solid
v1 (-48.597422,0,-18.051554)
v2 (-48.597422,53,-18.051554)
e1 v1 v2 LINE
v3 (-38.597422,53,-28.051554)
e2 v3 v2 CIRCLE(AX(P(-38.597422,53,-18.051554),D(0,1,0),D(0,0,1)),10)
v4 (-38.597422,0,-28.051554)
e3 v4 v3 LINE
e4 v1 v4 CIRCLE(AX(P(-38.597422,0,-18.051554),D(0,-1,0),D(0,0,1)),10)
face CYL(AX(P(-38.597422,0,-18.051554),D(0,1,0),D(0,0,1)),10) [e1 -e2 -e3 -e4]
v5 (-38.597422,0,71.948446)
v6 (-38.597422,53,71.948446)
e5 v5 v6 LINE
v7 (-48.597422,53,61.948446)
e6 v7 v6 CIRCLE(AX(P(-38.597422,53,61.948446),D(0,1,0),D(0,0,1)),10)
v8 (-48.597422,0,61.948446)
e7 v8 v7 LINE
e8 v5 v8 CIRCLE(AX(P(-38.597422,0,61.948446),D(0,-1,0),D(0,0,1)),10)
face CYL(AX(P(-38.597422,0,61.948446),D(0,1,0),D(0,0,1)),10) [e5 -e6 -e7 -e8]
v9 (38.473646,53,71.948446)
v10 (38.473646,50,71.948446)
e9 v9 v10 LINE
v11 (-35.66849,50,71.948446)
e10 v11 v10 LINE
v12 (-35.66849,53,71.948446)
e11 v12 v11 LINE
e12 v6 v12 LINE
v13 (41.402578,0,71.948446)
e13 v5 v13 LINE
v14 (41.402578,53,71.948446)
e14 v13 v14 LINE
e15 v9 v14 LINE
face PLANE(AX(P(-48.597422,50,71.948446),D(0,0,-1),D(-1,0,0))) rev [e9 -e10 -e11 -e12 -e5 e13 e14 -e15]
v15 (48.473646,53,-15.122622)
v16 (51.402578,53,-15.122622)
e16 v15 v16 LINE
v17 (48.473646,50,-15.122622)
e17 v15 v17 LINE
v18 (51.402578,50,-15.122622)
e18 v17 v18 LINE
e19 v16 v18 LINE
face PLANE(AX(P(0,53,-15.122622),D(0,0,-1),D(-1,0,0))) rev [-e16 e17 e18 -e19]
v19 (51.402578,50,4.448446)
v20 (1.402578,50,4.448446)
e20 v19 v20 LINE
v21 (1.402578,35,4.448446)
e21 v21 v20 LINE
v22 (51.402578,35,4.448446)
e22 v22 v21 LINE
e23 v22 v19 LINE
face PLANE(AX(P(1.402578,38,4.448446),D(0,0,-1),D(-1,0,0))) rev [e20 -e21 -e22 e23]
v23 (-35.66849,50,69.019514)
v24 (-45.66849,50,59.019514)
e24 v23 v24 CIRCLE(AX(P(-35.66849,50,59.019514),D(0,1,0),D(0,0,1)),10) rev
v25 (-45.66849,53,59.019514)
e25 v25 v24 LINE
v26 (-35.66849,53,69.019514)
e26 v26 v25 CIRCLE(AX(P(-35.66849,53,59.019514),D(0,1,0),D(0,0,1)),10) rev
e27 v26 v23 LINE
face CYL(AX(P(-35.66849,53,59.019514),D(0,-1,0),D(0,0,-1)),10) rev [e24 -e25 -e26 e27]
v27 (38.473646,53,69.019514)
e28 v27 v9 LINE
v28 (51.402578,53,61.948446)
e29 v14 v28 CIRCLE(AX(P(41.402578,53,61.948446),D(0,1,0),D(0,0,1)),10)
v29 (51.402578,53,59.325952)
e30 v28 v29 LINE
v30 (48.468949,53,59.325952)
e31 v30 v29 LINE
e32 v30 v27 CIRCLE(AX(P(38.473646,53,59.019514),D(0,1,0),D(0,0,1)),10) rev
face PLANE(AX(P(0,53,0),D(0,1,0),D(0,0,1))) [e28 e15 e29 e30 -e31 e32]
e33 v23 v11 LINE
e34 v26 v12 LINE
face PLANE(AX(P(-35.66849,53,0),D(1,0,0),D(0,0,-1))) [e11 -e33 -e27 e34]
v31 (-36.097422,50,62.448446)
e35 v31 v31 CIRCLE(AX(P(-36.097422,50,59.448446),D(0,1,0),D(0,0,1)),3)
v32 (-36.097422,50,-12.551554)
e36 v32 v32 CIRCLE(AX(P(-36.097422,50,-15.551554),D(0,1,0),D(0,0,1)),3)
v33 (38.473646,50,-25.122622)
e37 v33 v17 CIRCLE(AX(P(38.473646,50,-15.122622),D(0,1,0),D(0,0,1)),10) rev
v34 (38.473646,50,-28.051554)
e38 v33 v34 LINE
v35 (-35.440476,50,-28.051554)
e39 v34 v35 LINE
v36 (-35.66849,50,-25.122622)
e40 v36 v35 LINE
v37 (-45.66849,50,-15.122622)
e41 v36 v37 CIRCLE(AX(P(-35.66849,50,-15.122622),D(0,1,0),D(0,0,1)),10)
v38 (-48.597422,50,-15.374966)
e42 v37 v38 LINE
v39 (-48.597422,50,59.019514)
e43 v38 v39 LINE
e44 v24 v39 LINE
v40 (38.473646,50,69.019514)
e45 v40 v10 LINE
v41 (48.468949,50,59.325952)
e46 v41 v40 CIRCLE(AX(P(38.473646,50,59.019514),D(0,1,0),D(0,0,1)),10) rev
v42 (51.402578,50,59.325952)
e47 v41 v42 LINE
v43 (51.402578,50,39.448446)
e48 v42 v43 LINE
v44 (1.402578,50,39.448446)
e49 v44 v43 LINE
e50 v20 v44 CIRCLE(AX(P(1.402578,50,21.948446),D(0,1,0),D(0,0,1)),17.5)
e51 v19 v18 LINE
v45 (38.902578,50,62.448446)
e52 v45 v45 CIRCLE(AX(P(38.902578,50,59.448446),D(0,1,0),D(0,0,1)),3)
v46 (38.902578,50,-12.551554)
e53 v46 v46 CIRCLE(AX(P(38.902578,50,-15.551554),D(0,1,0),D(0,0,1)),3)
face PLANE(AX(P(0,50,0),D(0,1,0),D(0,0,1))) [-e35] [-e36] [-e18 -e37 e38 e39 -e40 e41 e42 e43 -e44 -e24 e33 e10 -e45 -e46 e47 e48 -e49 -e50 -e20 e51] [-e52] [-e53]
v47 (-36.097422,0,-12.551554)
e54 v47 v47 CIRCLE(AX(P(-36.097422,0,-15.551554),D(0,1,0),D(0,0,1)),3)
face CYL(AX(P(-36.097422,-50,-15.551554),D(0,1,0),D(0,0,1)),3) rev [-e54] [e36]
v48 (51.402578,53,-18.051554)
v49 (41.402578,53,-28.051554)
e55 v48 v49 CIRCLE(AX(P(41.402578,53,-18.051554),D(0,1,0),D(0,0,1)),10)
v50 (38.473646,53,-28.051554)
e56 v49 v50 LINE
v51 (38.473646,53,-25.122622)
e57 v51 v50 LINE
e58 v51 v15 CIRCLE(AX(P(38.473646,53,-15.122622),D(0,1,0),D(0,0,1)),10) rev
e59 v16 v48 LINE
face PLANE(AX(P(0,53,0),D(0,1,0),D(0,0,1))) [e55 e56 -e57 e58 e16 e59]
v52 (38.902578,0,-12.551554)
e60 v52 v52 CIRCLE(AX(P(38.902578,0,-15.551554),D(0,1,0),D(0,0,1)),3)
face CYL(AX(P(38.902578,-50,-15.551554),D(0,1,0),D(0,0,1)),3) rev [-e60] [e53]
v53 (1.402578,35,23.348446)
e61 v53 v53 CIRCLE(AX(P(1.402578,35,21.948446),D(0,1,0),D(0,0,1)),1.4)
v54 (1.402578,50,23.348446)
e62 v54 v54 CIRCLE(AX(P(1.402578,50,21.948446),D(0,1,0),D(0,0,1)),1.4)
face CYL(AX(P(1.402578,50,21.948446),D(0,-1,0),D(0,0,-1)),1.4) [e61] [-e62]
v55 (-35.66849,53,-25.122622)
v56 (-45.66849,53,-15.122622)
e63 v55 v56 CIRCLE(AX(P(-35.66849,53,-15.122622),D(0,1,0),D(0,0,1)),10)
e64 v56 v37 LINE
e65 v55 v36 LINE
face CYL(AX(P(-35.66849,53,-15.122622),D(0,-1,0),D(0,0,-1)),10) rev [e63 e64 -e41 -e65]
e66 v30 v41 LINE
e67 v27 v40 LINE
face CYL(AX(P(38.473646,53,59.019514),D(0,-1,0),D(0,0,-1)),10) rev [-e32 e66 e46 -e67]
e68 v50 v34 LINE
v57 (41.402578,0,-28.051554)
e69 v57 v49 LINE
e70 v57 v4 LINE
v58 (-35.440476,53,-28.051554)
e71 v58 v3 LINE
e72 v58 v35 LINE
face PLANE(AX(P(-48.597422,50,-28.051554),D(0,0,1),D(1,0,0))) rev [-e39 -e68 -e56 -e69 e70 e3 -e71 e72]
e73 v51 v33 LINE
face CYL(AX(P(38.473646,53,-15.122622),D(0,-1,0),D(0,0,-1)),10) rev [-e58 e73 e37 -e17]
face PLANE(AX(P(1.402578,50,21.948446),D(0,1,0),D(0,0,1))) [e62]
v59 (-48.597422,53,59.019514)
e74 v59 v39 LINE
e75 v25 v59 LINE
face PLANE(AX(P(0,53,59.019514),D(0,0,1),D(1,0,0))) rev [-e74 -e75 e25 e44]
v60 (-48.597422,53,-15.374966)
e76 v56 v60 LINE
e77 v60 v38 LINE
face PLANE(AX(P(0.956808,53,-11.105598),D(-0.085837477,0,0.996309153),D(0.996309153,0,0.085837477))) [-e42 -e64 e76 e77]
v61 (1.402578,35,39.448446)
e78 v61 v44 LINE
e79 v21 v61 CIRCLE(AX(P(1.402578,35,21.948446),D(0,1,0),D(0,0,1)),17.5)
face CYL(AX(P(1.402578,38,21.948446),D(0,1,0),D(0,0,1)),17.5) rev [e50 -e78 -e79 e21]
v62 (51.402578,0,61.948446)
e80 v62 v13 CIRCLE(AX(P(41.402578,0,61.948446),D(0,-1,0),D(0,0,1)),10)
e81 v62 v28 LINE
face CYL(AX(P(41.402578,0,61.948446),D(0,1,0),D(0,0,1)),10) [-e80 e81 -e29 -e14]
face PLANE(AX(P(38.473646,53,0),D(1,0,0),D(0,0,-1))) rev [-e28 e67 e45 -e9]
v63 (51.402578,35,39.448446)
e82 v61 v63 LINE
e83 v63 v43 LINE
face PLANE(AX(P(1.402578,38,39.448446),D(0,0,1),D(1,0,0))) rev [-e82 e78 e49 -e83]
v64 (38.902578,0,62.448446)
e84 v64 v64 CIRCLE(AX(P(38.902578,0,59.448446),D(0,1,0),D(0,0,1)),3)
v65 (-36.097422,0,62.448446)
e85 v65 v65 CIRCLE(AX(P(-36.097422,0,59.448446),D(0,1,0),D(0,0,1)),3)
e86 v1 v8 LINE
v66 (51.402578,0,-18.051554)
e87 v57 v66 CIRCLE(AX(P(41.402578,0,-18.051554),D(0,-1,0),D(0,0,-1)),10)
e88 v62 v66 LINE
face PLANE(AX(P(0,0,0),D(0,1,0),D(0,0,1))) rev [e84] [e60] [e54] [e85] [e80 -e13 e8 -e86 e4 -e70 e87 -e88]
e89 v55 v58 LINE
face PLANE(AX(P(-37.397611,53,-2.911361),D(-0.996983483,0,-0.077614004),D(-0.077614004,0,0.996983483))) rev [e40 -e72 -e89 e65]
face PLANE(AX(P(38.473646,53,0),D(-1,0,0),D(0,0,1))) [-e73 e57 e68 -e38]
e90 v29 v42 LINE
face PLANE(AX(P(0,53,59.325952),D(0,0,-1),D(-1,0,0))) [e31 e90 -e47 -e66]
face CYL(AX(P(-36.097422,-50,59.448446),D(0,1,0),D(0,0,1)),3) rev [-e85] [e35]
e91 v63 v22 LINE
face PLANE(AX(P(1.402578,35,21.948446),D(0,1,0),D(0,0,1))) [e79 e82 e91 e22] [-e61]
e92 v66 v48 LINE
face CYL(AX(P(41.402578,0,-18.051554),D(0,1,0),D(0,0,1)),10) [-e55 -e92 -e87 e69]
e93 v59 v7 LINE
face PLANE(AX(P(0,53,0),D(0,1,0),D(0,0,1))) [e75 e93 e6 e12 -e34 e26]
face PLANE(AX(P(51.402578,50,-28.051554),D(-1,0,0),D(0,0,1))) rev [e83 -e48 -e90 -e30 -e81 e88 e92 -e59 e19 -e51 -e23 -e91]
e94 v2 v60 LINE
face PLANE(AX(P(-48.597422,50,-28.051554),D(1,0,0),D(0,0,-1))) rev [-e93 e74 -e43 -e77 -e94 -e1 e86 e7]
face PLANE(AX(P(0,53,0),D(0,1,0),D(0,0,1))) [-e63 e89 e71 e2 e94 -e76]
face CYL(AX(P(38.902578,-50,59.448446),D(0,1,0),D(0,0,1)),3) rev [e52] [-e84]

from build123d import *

# Parameters (mm, degrees)
SKETCH1_W           = 100
SKETCH1_H           = 100
BOSS_EXTRUDE1_DEPTH = 50
CUT_EXTRUDE1_DEPTH  = 12
SKETCH4_R           = 3
CUT_EXTRUDE2_DEPTH  = 100
CUT_EXTRUDE3_DEPTH  = 50
BOSS_EXTRUDE4_START = 3
BOSS_EXTRUDE4_DEPTH = 3
CUT_EXTRUDE4_DEPTH  = 15
SKETCH7_R           = 1.4
BOSS_EXTRUDE5_DEPTH = 15


with BuildPart() as part:
    # Sketch1 → Boss-Extrude1 (new body)
    with BuildSketch(Plane(origin=(0, 0, 0), x_dir=(1, 0, 0), z_dir=(0, 1, 0))):
        with Locations((1.40257771, -21.948445792)):
            Rectangle(SKETCH1_W, SKETCH1_H)
    extrude(amount=BOSS_EXTRUDE1_DEPTH)

    # Sketch2 → Cut-Extrude1 (cut)
    with BuildSketch(Plane(origin=(0, 50, 0), x_dir=(1, 0, 0), z_dir=(0, 1, 0))):
        with BuildLine():
            Line((1.40257771, -4.448445792), (51.40257771, -4.448445792))
            ThreePointArc((51.40257771, -4.448445792), (68.90257771, -21.948445792), (51.40257771, -39.448445792))
            Line((51.40257771, -39.448445792), (1.40257771, -39.448445792))
            ThreePointArc((1.40257771, -39.448445792), (-16.09742229, -21.948445792), (1.40257771, -4.448445792))
        make_face()
    extrude(amount=-CUT_EXTRUDE1_DEPTH, mode=Mode.SUBTRACT)

    # Sketch4 → Cut-Extrude2 (cut)
    with BuildSketch(Plane(origin=(0, 50, 0), x_dir=(1, 0, 0), z_dir=(0, 1, 0))):
        with Locations((38.90257771, 15.551554208)):
            Circle(SKETCH4_R)
        with Locations((-36.09742229, 15.551554208)):
            Circle(SKETCH4_R)
        with Locations((-36.09742229, -59.448445792)):
            Circle(SKETCH4_R)
        with Locations((38.90257771, -59.448445792)):
            Circle(SKETCH4_R)
    extrude(amount=-CUT_EXTRUDE2_DEPTH, mode=Mode.SUBTRACT)

    # Sketch5 → Cut-Extrude3 (cut)
    with BuildSketch(Plane(origin=(0, 50, 0), x_dir=(1, 0, 0), z_dir=(0, 1, 0))):
        with BuildLine():
            Line((-48.59742229, -61.948445792), (-48.59742229, -71.948445792))
            Line((-48.59742229, -71.948445792), (-38.59742229, -71.948445792))
            ThreePointArc((-38.59742229, -71.948445792), (-45.668490101, -69.019513604), (-48.59742229, -61.948445792))
        make_face()
        with BuildLine():
            Line((-48.59742229, 28.051554208), (-38.59742229, 28.051554208))
            ThreePointArc((-38.59742229, 28.051554208), (-45.668490101, 25.12262202), (-48.59742229, 18.051554208))
            Line((-48.59742229, 18.051554208), (-48.59742229, 28.051554208))
        make_face()
        with BuildLine():
            Line((51.40257771, 28.051554208), (51.40257771, 18.051554208))
            ThreePointArc((51.40257771, 18.051554208), (48.473645522, 25.12262202), (41.40257771, 28.051554208))
            Line((41.40257771, 28.051554208), (51.40257771, 28.051554208))
        make_face()
        with BuildLine():
            Line((51.40257771, -61.948445792), (51.40257771, -71.948445792))
            Line((51.40257771, -71.948445792), (41.40257771, -71.948445792))
            ThreePointArc((41.40257771, -71.948445792), (48.473645522, -69.019513604), (51.40257771, -61.948445792))
        make_face()
    extrude(amount=-CUT_EXTRUDE3_DEPTH, mode=Mode.SUBTRACT)

    # Sketch6 → Boss-Extrude4 (add)
    with BuildSketch(Plane(origin=(0, 50, 0), x_dir=(1, 0, 0), z_dir=(0, 1, 0)).offset(BOSS_EXTRUDE4_START)):
        with BuildLine():
            ThreePointArc((38.473645522, 25.12262202), (45.544713334, 22.193689831), (48.473645522, 15.12262202))
            Line((48.473645522, 15.12262202), (51.40257771, 15.12262202))
            Line((51.40257771, 15.12262202), (51.40257771, 18.051554208))
            ThreePointArc((51.40257771, 18.051554208), (48.473645522, 25.12262202), (41.40257771, 28.051554208))
            Line((41.40257771, 28.051554208), (38.473645522, 28.051554208))
            Line((38.473645522, 28.051554208), (38.473645522, 25.12262202))
        make_face()
        with BuildLine():
            Line((-45.668490101, -59.019513604), (-48.59742229, -59.019513604))
            Line((-48.59742229, -59.019513604), (-48.59742229, -61.948445792))
            ThreePointArc((-48.59742229, -61.948445792), (-45.668490101, -69.019513604), (-38.59742229, -71.948445792))
            Line((-38.59742229, -71.948445792), (-35.668490101, -71.948445792))
            Line((-35.668490101, -71.948445792), (-35.668490101, -69.019513604))
            ThreePointArc((-35.668490101, -69.019513604), (-42.739557913, -66.090581416), (-45.668490101, -59.019513604))
        make_face()
        with BuildLine():
            Line((-35.668490101, 25.12262202), (-35.440476138, 28.051554208))
            Line((-35.440476138, 28.051554208), (-38.59742229, 28.051554208))
            ThreePointArc((-38.59742229, 28.051554208), (-45.668490101, 25.12262202), (-48.59742229, 18.051554208))
            Line((-48.59742229, 18.051554208), (-48.59742229, 15.374965532))
            Line((-48.59742229, 15.374965532), (-45.668490101, 15.12262202))
            ThreePointArc((-45.668490101, 15.12262202), (-42.739557913, 22.193689831), (-35.668490101, 25.12262202))
        make_face()
        with BuildLine():
            Line((51.40257771, -59.325952065), (48.468949193, -59.325952065))
            ThreePointArc((48.468949193, -59.325952065), (45.435528005, -66.198106245), (38.473645522, -69.019513604))
            Line((38.473645522, -69.019513604), (38.473645522, -71.948445792))
            Line((38.473645522, -71.948445792), (41.40257771, -71.948445792))
            ThreePointArc((41.40257771, -71.948445792), (48.473645522, -69.019513604), (51.40257771, -61.948445792))
            Line((51.40257771, -61.948445792), (51.40257771, -59.325952065))
        make_face()
    extrude(amount=-BOSS_EXTRUDE4_DEPTH)

    # Sketch2<2> → Cut-Extrude4 (cut)
    with BuildSketch(Plane(origin=(0, 50, 0), x_dir=(1, 0, 0), z_dir=(0, 1, 0))):
        with BuildLine():
            Line((1.40257771, -4.448445792), (51.40257771, -4.448445792))
            ThreePointArc((51.40257771, -4.448445792), (68.90257771, -21.948445792), (51.40257771, -39.448445792))
            Line((51.40257771, -39.448445792), (1.40257771, -39.448445792))
            ThreePointArc((1.40257771, -39.448445792), (-16.09742229, -21.948445792), (1.40257771, -4.448445792))
        make_face()
    extrude(amount=-CUT_EXTRUDE4_DEPTH, mode=Mode.SUBTRACT)

    # Sketch7 → Boss-Extrude5 (add)
    with BuildSketch(Plane(origin=(0, 35, 0), x_dir=(1, 0, 0), z_dir=(0, 1, 0))):
        with Locations((1.40257771, -21.948445792)):
            Circle(SKETCH7_R)
    extrude(amount=BOSS_EXTRUDE5_DEPTH)


solid = part.part
